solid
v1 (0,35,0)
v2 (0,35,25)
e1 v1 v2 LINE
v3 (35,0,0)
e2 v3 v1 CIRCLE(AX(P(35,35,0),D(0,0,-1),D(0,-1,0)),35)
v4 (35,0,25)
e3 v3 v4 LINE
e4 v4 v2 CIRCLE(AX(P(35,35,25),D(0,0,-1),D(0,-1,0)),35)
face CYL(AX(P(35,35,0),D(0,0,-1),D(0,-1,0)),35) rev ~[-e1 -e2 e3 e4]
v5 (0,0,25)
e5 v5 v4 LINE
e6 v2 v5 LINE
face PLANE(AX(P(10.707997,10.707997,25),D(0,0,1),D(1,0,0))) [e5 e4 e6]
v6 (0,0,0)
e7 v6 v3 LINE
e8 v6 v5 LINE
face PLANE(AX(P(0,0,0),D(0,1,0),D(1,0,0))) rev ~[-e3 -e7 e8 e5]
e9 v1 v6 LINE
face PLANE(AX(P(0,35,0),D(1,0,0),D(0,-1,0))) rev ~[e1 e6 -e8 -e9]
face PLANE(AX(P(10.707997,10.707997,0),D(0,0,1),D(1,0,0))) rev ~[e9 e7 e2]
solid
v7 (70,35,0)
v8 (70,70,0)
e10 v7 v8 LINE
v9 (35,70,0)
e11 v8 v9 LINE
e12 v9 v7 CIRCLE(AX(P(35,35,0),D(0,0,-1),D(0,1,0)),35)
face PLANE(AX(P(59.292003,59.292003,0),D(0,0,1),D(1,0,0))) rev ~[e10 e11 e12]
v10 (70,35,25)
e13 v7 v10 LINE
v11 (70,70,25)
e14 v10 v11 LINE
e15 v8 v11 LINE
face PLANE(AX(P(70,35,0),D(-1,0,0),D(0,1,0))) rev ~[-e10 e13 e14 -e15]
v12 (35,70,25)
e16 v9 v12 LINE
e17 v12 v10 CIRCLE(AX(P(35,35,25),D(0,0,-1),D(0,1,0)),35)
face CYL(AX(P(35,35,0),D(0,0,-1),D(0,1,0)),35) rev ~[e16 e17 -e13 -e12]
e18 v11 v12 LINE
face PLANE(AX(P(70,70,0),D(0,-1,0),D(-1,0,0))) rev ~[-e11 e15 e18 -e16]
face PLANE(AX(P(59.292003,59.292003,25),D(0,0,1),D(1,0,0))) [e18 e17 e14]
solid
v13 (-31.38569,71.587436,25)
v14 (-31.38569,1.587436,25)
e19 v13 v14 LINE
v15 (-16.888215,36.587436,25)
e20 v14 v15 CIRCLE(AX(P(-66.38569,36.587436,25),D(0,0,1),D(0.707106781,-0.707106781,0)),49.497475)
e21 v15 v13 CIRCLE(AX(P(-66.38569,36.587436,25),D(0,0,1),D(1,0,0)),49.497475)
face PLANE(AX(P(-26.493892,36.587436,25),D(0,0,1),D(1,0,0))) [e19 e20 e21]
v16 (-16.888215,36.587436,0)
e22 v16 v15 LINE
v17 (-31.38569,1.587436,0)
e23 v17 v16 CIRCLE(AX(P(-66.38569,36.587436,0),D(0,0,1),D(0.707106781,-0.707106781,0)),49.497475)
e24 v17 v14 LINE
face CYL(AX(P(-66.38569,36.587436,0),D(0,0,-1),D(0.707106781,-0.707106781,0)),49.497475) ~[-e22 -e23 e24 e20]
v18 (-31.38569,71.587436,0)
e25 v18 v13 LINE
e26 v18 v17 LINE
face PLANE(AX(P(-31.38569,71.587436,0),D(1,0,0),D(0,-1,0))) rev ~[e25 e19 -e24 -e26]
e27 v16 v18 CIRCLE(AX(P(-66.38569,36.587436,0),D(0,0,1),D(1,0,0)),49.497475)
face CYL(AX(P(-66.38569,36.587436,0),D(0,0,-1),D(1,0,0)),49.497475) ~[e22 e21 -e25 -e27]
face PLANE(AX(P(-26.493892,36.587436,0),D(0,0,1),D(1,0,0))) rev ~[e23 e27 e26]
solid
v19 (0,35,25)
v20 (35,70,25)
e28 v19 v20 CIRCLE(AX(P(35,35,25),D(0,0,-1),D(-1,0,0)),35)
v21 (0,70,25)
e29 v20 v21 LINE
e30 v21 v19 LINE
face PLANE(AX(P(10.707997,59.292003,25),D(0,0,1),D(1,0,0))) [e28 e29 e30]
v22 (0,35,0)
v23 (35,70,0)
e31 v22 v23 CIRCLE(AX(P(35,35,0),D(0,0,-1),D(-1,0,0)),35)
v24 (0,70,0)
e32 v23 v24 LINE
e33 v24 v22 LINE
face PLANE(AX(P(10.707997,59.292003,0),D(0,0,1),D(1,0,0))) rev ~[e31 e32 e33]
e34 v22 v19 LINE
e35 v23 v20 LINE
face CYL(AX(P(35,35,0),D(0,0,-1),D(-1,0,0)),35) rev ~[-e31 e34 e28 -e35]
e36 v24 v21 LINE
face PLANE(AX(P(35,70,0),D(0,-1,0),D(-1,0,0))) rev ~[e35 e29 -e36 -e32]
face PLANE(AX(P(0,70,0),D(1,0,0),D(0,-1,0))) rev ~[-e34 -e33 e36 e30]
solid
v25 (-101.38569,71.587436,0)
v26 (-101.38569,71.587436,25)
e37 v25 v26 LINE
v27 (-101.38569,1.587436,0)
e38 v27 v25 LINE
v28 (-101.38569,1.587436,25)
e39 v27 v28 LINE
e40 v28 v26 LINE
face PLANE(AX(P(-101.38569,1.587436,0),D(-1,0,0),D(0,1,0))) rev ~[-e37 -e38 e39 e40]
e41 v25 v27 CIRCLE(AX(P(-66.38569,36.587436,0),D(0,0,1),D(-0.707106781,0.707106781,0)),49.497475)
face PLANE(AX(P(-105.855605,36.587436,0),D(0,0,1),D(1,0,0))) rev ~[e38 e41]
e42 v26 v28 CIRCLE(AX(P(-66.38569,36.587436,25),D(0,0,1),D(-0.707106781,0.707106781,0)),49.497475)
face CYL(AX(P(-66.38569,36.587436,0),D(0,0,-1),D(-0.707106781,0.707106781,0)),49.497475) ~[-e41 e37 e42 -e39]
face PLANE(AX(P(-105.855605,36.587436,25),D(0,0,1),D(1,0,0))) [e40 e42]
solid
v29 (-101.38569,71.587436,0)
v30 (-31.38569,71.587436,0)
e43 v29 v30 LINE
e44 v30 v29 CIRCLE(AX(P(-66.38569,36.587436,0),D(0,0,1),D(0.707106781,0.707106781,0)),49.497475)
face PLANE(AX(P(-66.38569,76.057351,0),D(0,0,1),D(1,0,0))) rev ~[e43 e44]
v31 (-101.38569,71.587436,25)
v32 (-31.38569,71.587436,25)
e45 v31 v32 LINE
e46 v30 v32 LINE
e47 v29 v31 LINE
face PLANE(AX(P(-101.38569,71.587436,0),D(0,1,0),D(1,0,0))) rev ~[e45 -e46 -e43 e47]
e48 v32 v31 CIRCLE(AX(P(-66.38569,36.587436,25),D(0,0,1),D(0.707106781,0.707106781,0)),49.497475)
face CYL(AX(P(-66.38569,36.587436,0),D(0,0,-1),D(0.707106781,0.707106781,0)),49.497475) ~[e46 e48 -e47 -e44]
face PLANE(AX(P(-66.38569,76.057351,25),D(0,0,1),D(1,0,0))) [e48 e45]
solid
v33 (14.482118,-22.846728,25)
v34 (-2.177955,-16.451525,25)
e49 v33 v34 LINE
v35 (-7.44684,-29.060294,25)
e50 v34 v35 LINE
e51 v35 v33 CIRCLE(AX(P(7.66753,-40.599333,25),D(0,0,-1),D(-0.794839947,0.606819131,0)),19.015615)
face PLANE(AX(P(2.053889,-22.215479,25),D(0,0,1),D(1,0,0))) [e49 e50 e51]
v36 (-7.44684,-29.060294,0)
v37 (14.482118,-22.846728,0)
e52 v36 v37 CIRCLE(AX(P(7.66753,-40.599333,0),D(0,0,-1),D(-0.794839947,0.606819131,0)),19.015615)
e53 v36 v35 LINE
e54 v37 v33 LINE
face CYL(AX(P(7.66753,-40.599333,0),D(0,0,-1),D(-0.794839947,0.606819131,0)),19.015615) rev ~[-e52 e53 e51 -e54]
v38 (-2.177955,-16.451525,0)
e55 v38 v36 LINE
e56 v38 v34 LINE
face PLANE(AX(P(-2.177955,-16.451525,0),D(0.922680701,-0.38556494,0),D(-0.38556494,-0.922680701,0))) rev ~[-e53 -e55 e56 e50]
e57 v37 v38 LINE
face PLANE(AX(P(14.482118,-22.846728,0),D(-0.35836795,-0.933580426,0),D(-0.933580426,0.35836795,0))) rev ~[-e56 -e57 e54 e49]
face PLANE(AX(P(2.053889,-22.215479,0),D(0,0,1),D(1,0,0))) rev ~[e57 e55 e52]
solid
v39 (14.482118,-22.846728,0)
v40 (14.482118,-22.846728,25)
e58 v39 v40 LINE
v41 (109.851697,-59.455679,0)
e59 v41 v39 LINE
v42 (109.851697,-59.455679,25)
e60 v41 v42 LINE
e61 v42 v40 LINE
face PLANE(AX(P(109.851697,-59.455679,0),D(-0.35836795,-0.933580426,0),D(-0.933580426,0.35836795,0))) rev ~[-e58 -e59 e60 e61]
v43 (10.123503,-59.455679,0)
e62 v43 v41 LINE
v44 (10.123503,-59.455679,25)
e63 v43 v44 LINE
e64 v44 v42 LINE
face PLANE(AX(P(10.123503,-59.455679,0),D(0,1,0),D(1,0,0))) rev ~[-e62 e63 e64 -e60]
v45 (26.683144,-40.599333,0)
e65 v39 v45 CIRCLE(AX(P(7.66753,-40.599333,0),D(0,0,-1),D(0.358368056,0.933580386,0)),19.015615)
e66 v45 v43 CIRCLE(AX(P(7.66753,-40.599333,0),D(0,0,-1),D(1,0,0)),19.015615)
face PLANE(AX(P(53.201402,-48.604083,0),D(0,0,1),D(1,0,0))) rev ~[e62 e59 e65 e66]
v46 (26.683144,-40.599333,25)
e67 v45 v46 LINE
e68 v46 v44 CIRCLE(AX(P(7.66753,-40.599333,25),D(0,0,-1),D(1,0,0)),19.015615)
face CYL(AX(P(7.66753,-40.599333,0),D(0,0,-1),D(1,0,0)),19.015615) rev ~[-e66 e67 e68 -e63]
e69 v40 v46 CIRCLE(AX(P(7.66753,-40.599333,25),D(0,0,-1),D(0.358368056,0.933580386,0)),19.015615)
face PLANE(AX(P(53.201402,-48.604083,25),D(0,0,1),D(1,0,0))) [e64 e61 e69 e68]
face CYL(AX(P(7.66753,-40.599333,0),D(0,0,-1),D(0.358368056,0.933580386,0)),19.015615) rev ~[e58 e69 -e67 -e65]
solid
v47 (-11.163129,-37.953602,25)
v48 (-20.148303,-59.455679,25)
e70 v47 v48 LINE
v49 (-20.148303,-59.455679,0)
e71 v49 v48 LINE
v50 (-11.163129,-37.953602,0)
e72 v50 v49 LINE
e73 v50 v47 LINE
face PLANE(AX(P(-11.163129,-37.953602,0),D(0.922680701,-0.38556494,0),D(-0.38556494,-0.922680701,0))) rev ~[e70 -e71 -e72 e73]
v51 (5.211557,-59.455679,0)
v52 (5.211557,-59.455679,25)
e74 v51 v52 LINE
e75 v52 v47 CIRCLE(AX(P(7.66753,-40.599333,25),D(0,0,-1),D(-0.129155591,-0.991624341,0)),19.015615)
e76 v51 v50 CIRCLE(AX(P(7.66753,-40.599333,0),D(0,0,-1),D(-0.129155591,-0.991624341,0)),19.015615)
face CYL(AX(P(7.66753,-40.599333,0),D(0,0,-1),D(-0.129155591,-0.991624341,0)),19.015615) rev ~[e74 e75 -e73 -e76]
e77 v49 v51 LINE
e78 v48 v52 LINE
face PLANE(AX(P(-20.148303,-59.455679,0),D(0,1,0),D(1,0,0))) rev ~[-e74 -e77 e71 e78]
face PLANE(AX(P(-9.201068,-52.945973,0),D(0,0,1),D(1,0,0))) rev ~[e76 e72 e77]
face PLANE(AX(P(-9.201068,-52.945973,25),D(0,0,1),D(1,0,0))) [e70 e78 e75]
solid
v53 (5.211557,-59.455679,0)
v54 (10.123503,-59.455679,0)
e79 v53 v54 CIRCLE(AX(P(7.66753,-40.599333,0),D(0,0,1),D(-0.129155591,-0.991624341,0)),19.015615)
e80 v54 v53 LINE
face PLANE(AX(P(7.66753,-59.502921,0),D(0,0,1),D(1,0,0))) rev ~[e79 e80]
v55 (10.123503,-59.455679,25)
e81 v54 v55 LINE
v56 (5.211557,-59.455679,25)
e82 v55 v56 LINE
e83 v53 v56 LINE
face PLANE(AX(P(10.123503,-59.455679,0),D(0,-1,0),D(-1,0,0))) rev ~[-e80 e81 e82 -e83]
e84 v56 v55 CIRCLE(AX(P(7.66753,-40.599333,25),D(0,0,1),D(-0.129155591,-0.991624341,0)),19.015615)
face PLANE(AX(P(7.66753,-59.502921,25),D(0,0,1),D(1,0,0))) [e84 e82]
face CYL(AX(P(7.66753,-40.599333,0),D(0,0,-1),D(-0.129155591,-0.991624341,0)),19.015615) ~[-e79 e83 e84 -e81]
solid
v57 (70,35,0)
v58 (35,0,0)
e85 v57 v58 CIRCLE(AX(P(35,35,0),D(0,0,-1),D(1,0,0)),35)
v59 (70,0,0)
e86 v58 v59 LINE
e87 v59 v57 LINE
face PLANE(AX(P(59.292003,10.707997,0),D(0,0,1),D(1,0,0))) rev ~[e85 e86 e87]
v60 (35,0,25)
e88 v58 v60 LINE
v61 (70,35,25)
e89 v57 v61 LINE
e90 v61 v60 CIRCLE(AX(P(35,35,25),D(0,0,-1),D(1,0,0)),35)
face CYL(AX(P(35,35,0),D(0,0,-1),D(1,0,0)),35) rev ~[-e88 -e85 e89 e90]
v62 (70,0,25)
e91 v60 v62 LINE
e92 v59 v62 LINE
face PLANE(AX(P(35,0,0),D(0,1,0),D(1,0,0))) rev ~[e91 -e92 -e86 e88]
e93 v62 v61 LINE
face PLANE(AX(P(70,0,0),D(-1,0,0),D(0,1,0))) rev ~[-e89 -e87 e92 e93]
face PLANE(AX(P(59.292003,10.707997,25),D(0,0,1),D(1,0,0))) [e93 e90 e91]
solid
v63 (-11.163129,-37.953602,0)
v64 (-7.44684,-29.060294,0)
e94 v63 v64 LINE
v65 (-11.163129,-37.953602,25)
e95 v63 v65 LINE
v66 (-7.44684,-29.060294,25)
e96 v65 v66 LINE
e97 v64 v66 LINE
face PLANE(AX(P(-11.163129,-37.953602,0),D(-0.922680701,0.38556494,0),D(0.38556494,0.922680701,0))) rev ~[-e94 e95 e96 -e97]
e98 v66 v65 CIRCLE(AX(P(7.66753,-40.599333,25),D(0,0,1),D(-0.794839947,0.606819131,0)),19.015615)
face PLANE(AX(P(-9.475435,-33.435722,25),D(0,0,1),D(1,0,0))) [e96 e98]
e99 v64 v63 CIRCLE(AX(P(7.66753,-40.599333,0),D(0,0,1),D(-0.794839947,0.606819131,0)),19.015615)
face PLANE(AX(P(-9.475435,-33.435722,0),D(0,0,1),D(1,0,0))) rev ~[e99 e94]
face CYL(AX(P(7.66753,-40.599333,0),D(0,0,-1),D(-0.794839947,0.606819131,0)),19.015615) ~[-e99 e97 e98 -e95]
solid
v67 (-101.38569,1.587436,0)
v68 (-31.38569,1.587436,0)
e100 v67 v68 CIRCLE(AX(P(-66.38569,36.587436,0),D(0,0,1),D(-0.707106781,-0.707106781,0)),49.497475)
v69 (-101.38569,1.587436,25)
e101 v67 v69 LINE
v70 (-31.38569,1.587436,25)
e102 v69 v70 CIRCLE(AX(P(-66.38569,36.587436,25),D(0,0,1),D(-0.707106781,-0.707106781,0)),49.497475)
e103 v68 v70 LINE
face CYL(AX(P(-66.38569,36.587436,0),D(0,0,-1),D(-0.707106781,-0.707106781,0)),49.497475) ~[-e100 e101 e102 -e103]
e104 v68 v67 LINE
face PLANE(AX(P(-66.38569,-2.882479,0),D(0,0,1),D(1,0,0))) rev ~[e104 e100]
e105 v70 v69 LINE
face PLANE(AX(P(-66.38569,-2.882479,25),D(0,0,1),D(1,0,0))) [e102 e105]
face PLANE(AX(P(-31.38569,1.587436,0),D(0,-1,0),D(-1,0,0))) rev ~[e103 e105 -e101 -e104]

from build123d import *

# Parameters (mm, degrees)
F1_DEPTH = 25


with BuildPart() as f1:
    # F0 (on Top) → F1 (new body)
    with BuildSketch(Plane.XY):
        with BuildLine():
            Line((35, 70), (0, 70))
            Line((0, 70), (0, 35))
            ThreePointArc((0, 35), (10.2512626585, 59.7487373415), (35, 70))
        make_face()
    extrude(amount=F1_DEPTH)


with BuildPart() as f1b:
    # F0 (on Top) → F1, piece 2 (new body)
    with BuildSketch(Plane.XY):
        with BuildLine():
            Line((70, 70), (35, 70))
            ThreePointArc((35, 70), (59.7487373415, 59.7487373415), (70, 35))
            Line((70, 35), (70, 70))
        make_face()
    extrude(amount=F1_DEPTH)


with BuildPart() as f1c:
    # F0 (on Top) → F1, piece 3 (new body)
    with BuildSketch(Plane.XY):
        with BuildLine():
            Line((70, 0), (70, 35))
            ThreePointArc((70, 35), (59.7487373415, 10.2512626585), (35, 0))
            Line((35, 0), (70, 0))
        make_face()
    extrude(amount=F1_DEPTH)


with BuildPart() as f1d:
    # F0 (on Top) → F1, piece 4 (new body)
    with BuildSketch(Plane.XY):
        with BuildLine():
            ThreePointArc((35, 0), (10.2512626585, 10.2512626585), (0, 35))
            Line((0, 35), (0, 0))
            Line((0, 0), (35, 0))
        make_face()
    extrude(amount=F1_DEPTH)


with BuildPart() as f1e:
    # F0 (on Top) → F1, piece 5 (new body)
    with BuildSketch(Plane.XY):
        with BuildLine():
            Line((-101.3856899738, 71.5874359012), (-31.3856899738, 71.5874359012))
            ThreePointArc((-31.3856899738, 71.5874359012), (-66.3856899738, 86.0849105842), (-101.3856899738, 71.5874359012))
        make_face()
    extrude(amount=F1_DEPTH)


with BuildPart() as f1f:
    # F0 (on Top) → F1, piece 6 (new body)
    with BuildSketch(Plane.XY):
        with BuildLine():
            Line((-101.3856899738, 1.5874359012), (-101.3856899738, 71.5874359012))
            ThreePointArc((-101.3856899738, 71.5874359012), (-115.8831646569, 36.5874359012), (-101.3856899738, 1.5874359012))
        make_face()
    extrude(amount=F1_DEPTH)


with BuildPart() as f1g:
    # F0 (on Top) → F1, piece 7 (new body)
    with BuildSketch(Plane.XY):
        with BuildLine():
            ThreePointArc((-101.3856899738, 1.5874359012), (-66.3856899738, -12.9100387819), (-31.3856899738, 1.5874359012))
            Line((-31.3856899738, 1.5874359012), (-101.3856899738, 1.5874359012))
        make_face()
    extrude(amount=F1_DEPTH)


with BuildPart() as f1h:
    # F0 (on Top) → F1, piece 8 (new body)
    with BuildSketch(Plane.XY):
        with BuildLine():
            ThreePointArc((-16.8882152908, 36.5874359012), (-20.6559862032, 55.5292994063), (-31.3856899738, 71.5874359012))
            Line((-31.3856899738, 71.5874359012), (-31.3856899738, 1.5874359012))
            ThreePointArc((-31.3856899738, 1.5874359012), (-20.6559862032, 17.645572396), (-16.8882152908, 36.5874359012))
        make_face()
    extrude(amount=F1_DEPTH)


with BuildPart() as f1i:
    # F0 (on Top) → F1, piece 9 (new body)
    with BuildSketch(Plane.XY):
        with BuildLine():
            Line((-11.163129075, -37.9536021835), (-20.1483034852, -59.4556791562))
            Line((-20.1483034852, -59.4556791562), (5.2115566796, -59.4556791562))
            ThreePointArc((5.2115566796, -59.4556791562), (-7.4607551529, -52.1201226883), (-11.163129075, -37.9536021835))
        make_face()
    extrude(amount=F1_DEPTH)


with BuildPart() as f1j:
    # F0 (on Top) → F1, piece 10 (new body)
    with BuildSketch(Plane.XY):
        with BuildLine():
            Line((10.1235025519, -59.4556791562), (5.2115566796, -59.4556791562))
            ThreePointArc((5.2115566796, -59.4556791562), (7.6675296157, -59.6149474626), (10.1235025519, -59.4556791562))
        make_face()
    extrude(amount=F1_DEPTH)


with BuildPart() as f1k:
    # F0 (on Top) → F1, piece 11 (new body)
    with BuildSketch(Plane.XY):
        with BuildLine():
            ThreePointArc((26.6831441913, -40.5993328871), (21.9555566392, -53.1470769657), (10.1235025519, -59.4556791562))
            Line((10.1235025519, -59.4556791562), (109.8516965148, -59.4556791562))
            Line((109.8516965148, -59.4556791562), (14.4821184378, -22.846728096))
            ThreePointArc((14.4821184378, -22.846728096), (23.3387961921, -29.828771083), (26.6831441913, -40.5993328871))
        make_face()
    extrude(amount=F1_DEPTH)


with BuildPart() as f1l:
    # F0 (on Top) → F1, piece 12 (new body)
    with BuildSketch(Plane.XY):
        with BuildLine():
            Line((-2.1779546649, -16.4515252108), (-7.4468404723, -29.0602941695))
            ThreePointArc((-7.4468404723, -29.0602941695), (2.4835453273, -22.3039808932), (14.4821184378, -22.846728096))
            Line((14.4821184378, -22.846728096), (-2.1779546649, -16.4515252108))
        make_face()
    extrude(amount=F1_DEPTH)


with BuildPart() as f1m:
    # F0 (on Top) → F1, piece 13 (new body)
    with BuildSketch(Plane.XY):
        with BuildLine():
            ThreePointArc((-7.4468404723, -29.0602941695), (-9.8778109782, -33.2675785862), (-11.163129075, -37.9536021835))
            Line((-11.163129075, -37.9536021835), (-7.4468404723, -29.0602941695))
        make_face()
    extrude(amount=F1_DEPTH)


solid = Compound([f1.part, f1b.part, f1c.part, f1d.part, f1e.part, f1f.part, f1g.part, f1h.part, f1i.part, f1j.part, f1k.part, f1l.part, f1m.part])
